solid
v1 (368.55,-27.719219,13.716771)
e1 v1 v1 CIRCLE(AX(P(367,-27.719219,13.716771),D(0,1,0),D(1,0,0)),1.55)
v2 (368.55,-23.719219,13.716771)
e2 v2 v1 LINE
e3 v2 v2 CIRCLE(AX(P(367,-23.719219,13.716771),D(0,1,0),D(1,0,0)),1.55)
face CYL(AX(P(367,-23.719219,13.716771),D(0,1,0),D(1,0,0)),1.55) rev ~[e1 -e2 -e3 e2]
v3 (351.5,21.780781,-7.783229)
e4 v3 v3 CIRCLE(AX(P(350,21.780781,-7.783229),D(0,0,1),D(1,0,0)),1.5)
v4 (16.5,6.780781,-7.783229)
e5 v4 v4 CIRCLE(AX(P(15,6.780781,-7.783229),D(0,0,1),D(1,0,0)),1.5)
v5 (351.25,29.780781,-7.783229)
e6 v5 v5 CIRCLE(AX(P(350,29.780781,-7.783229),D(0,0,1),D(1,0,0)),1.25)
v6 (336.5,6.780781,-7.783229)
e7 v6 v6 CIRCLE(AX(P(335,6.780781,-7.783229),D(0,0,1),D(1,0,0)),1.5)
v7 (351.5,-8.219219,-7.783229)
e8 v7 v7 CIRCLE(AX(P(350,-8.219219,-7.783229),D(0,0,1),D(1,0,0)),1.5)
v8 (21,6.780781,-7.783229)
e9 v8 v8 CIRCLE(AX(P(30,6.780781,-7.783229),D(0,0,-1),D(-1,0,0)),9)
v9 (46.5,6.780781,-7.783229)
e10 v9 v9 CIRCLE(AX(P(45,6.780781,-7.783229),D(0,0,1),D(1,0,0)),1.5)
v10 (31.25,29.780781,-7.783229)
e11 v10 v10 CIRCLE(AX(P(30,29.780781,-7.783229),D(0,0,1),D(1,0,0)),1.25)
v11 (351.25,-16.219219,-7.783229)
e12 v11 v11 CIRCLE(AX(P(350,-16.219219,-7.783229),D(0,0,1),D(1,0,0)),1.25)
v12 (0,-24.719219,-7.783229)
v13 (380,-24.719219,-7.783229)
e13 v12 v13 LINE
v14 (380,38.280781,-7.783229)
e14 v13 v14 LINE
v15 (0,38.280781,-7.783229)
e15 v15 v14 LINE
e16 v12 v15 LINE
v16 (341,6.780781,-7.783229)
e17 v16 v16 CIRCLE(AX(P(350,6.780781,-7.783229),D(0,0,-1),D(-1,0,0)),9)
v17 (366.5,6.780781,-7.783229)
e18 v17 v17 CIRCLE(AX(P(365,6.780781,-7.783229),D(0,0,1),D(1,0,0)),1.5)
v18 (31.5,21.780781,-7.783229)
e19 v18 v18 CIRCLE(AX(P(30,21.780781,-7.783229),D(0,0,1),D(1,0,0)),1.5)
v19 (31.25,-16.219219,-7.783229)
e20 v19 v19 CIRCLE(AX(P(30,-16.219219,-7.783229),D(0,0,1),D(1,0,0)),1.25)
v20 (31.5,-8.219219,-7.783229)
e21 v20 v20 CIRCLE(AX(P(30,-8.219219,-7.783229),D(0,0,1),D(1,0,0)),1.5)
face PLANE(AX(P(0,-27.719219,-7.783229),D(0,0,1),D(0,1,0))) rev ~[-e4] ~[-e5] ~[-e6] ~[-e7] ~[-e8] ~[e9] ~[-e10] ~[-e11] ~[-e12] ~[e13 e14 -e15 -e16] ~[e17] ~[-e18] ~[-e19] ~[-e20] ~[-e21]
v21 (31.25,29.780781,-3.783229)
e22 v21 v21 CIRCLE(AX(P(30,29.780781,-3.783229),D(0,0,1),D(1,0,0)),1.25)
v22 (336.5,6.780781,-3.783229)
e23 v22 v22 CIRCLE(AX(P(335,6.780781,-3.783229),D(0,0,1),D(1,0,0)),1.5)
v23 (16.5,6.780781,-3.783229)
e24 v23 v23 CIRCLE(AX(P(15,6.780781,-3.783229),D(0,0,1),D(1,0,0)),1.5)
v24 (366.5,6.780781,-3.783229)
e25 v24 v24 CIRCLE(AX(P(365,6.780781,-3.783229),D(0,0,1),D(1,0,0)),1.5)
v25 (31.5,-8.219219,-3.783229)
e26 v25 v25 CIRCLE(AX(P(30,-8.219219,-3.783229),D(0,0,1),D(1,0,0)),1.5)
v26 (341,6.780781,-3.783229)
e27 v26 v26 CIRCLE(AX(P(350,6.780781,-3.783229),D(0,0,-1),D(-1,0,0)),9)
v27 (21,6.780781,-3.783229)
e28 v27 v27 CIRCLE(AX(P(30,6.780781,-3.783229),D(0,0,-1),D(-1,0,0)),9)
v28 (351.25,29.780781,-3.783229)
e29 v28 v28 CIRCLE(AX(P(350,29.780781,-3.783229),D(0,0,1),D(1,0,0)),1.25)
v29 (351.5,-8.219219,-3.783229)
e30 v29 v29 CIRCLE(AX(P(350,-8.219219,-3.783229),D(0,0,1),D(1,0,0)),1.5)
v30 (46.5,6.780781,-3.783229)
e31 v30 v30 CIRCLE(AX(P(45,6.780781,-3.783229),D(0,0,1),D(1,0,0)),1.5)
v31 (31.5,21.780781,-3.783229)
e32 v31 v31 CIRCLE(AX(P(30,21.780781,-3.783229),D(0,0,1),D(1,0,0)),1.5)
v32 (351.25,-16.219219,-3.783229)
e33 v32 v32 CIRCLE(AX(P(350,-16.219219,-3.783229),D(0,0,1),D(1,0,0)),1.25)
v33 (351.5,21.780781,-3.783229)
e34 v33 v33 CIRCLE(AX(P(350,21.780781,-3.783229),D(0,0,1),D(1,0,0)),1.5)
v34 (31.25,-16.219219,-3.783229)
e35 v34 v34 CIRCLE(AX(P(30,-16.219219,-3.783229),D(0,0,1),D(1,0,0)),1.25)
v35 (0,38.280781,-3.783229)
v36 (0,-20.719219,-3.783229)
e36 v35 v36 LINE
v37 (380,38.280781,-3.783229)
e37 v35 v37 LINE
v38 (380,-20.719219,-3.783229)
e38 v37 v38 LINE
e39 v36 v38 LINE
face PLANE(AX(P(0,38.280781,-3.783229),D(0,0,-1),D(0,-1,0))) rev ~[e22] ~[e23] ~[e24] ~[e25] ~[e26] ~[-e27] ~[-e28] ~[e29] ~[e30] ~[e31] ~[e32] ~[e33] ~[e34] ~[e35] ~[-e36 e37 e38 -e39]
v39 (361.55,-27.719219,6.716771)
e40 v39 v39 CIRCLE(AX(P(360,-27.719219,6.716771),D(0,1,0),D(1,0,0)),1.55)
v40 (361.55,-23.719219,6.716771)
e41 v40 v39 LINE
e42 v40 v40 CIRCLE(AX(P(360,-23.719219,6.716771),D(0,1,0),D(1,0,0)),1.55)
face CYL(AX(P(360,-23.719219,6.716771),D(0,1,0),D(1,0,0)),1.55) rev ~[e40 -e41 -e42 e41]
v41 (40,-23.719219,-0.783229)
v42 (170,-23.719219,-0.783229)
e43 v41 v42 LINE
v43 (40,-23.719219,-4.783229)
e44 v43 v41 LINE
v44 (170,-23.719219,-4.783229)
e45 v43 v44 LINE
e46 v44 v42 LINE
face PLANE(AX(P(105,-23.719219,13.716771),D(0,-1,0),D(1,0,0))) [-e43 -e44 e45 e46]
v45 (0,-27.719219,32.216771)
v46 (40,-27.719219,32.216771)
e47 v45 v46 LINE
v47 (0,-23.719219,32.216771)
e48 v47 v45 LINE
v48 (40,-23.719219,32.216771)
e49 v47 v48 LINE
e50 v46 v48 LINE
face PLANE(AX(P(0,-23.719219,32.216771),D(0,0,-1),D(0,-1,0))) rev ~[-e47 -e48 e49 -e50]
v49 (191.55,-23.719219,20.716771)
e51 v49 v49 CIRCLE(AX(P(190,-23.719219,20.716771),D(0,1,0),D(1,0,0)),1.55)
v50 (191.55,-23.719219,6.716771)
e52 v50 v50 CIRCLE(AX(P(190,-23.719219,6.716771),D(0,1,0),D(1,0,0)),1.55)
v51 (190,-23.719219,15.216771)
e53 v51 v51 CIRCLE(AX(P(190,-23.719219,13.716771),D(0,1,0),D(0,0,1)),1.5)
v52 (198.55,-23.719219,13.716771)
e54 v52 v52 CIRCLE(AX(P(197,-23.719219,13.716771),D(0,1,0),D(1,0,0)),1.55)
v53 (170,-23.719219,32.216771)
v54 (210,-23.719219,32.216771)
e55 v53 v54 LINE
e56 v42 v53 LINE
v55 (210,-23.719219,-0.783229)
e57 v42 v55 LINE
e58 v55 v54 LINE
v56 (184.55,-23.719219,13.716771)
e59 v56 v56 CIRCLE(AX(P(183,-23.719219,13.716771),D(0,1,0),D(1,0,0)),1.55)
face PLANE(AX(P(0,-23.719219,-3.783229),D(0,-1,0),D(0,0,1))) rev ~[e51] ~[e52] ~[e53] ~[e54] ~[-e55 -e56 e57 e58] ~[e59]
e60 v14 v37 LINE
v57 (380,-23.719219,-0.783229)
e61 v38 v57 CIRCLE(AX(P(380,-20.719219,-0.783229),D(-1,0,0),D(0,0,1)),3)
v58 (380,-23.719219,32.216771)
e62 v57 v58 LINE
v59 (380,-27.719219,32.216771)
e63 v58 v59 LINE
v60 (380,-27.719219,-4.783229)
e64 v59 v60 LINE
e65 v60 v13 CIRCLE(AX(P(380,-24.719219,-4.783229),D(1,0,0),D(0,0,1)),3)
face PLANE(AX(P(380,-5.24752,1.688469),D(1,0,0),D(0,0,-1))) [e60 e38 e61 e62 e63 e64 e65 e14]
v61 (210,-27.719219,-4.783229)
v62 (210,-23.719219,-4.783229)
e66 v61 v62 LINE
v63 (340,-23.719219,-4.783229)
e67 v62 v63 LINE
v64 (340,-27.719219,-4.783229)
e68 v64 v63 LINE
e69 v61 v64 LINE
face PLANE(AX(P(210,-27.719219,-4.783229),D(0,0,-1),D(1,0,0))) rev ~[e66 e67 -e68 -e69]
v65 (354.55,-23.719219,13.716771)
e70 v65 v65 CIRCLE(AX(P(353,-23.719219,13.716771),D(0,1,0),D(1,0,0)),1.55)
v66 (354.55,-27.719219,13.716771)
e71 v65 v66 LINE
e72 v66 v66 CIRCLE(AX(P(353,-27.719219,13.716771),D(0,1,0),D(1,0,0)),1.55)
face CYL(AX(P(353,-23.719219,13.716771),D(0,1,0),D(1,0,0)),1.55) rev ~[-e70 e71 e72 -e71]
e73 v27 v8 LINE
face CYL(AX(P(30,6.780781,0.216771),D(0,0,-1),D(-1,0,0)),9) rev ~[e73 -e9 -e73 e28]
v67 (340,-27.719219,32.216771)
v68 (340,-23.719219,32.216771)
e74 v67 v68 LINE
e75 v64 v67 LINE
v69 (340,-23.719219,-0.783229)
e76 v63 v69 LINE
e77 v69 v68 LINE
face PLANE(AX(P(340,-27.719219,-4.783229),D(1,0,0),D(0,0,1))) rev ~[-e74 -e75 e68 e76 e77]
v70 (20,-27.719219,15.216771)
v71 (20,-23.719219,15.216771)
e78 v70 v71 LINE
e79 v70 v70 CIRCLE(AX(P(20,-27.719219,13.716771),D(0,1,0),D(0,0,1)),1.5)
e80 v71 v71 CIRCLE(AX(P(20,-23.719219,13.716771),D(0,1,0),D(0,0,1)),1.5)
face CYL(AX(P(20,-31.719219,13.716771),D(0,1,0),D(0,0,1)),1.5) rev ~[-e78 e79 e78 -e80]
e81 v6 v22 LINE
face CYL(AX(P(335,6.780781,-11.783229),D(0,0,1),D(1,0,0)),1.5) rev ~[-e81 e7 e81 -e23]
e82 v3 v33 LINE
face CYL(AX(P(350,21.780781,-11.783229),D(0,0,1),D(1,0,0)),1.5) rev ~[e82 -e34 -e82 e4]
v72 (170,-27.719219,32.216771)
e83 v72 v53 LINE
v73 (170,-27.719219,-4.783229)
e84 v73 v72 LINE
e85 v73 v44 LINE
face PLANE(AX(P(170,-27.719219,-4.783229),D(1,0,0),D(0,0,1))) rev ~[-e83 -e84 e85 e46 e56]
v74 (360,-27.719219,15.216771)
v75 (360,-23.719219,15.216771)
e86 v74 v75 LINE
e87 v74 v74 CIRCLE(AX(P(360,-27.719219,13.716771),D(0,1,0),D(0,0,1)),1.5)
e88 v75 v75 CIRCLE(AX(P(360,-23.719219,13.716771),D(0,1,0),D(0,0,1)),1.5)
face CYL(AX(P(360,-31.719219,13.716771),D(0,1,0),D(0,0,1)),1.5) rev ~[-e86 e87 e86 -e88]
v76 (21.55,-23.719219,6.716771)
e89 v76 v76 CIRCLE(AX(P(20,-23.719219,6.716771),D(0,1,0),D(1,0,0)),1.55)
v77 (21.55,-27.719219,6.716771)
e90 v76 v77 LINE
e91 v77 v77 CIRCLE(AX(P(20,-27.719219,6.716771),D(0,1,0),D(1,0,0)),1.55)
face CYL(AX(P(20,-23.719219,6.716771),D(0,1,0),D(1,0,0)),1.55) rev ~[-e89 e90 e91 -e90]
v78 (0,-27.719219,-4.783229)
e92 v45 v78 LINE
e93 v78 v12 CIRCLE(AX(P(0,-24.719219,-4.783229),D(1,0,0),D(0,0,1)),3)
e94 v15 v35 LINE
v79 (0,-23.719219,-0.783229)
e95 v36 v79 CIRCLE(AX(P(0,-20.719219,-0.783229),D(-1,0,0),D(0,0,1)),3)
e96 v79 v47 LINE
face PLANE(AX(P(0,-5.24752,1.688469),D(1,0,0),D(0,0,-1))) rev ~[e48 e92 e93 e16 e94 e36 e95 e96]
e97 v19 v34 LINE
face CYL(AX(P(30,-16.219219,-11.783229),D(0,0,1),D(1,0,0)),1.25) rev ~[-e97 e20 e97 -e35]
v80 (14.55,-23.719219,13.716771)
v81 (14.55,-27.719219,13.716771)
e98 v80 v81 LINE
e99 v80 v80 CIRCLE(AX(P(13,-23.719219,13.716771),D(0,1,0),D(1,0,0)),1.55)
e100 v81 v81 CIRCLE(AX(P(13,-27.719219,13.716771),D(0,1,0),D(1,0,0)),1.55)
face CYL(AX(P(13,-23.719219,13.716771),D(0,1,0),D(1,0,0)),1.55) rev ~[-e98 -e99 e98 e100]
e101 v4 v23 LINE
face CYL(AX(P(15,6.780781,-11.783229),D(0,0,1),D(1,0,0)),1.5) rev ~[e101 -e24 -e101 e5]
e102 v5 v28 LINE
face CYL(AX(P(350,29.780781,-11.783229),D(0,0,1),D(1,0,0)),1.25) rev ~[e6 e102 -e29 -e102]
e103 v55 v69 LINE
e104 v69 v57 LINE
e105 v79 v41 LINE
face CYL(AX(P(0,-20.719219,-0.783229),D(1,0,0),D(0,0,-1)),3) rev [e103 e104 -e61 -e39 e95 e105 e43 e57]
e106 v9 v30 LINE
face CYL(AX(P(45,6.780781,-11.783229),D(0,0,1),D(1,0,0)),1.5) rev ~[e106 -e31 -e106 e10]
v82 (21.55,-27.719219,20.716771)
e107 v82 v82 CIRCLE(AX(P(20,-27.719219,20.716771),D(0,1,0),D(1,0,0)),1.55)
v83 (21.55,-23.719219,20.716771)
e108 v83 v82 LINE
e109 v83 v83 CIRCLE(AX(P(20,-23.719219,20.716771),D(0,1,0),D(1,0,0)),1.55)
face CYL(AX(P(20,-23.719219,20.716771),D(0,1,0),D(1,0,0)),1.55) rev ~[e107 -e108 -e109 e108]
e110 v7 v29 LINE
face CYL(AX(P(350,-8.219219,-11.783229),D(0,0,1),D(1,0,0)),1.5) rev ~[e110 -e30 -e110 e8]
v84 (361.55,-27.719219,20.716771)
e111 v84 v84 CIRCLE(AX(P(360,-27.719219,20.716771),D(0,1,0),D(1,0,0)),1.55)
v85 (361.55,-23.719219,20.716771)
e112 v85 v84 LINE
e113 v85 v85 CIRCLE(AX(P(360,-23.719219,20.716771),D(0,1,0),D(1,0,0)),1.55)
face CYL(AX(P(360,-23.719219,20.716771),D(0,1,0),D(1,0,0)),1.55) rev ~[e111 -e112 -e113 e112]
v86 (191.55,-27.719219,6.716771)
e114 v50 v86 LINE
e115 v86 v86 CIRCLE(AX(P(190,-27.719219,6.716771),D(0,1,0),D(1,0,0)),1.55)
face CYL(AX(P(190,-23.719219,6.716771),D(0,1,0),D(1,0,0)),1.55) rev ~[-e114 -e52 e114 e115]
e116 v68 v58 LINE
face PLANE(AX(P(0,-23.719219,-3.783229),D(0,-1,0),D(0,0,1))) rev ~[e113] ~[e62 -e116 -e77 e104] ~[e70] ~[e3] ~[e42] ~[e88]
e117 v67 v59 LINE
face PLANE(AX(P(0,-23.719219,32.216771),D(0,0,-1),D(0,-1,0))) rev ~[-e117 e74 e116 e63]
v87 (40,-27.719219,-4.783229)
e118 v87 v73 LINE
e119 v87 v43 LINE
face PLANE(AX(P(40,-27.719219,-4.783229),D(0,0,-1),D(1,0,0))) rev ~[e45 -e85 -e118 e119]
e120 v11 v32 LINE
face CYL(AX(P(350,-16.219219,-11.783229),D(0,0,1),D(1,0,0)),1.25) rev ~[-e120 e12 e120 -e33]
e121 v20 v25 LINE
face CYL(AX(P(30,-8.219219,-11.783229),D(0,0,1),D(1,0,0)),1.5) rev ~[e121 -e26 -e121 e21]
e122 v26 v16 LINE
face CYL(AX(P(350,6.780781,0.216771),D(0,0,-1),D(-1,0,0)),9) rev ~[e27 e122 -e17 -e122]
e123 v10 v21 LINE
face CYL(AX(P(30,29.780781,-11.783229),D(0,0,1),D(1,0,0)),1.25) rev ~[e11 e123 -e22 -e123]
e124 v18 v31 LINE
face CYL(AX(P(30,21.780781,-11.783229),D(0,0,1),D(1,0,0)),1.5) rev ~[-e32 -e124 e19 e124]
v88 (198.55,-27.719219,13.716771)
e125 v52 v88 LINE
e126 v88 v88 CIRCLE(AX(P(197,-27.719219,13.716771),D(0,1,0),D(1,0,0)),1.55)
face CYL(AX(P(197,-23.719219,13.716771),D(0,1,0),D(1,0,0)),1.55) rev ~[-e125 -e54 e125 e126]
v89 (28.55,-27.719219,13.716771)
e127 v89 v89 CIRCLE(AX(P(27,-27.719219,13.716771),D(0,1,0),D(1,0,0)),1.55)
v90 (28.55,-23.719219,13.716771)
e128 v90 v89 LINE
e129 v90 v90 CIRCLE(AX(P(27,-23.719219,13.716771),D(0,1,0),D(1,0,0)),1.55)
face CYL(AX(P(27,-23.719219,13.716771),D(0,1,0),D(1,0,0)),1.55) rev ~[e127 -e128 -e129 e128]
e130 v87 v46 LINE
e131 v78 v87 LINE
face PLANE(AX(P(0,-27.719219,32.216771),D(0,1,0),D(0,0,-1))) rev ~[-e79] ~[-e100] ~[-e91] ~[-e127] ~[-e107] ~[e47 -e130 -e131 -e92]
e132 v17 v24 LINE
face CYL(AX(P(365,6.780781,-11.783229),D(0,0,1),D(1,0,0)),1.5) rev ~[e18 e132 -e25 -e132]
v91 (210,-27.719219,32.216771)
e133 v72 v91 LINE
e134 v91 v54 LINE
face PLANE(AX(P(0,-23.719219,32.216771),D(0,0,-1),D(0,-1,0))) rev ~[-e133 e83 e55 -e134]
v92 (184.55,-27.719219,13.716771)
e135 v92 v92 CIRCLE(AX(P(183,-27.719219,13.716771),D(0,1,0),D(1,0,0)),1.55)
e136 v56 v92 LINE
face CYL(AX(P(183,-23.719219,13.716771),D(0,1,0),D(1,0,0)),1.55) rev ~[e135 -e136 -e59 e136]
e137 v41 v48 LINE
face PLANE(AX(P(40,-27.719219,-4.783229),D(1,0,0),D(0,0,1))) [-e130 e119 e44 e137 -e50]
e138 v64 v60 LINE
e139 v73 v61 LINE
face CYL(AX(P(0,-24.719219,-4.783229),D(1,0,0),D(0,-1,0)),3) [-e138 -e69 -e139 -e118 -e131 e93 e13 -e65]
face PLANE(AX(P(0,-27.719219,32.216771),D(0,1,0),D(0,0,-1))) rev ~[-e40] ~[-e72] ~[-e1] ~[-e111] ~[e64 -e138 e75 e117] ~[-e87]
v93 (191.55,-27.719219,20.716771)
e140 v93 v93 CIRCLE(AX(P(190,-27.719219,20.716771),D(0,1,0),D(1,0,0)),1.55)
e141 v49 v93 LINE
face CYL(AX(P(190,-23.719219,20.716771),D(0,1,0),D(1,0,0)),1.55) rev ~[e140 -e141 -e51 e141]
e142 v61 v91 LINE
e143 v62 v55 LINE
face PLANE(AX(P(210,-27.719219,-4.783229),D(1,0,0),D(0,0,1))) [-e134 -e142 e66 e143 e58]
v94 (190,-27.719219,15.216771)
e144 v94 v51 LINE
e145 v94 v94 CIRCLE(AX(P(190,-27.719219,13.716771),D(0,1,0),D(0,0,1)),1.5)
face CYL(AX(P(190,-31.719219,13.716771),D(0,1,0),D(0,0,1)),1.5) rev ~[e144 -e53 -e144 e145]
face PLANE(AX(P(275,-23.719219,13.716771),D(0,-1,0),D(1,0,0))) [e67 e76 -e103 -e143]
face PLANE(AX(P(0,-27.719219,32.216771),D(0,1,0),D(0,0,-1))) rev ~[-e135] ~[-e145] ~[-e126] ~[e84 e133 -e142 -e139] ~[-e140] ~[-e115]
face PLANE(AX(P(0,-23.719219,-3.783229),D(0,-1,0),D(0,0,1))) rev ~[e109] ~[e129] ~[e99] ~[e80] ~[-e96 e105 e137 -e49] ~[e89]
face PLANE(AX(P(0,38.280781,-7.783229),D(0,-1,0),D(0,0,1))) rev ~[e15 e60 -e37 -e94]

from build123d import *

# Parameters (mm, degrees)
BOSS_EXTRUDE1_DEPTH = 380
FILLET4_R           = 3
HOLE2_D             = 18
HOLE2_DEPTH         = 4
SKETCH18_W          = 130
SKETCH18_H          = 37
CUT_EXTRUDE1_DEPTH  = 4
HOLE5_D             = 3
HOLE5_DEPTH         = 4
HOLE6_D             = 3
HOLE6_DEPTH         = 4
HOLE7_D             = 2.5
HOLE7_DEPTH         = 4
SKETCH27_R          = 1.55
CUT_EXTRUDE3_DEPTH  = 4


with BuildPart() as part:
    # Sketch1 → Boss-Extrude1 (new body)
    with BuildSketch(Plane(origin=(0, 0, 0), x_dir=(0, 0, -1), z_dir=(1, 0, 0))):
        Polygon((-32.21677116, -27.719218501), (7.78322884, -27.719218501), (7.78322884, 38.280781499), (3.78322884, 38.280781499), (3.78322884, -23.719218501), (-32.21677116, -23.719218501), align=None)
    extrude(amount=BOSS_EXTRUDE1_DEPTH)

    # Fillet4
    fillet4_edges = [part.edges().sort_by_distance(p)[0] for p in [
        (190, -23.719218501, -3.78322884),
        (190, -27.719218501, -7.78322884),
    ]]
    fillet(fillet4_edges, radius=FILLET4_R)

    # Hole2
    with Locations(Plane.XY.offset(-3.78322884)):
        with Locations((30, 6.780781499), (350, 6.780781499)):
            Hole(HOLE2_D / 2, depth=HOLE2_DEPTH)

    # Sketch18 → Cut-Extrude1 (cut)
    with BuildSketch(Plane.XZ.offset(27.719218501)):
        with Locations((105, 13.71677116)):
            Rectangle(SKETCH18_W, SKETCH18_H)
        with Locations((275, 13.71677116)):
            Rectangle(SKETCH18_W, SKETCH18_H)
    extrude(amount=-CUT_EXTRUDE1_DEPTH, mode=Mode.SUBTRACT)

    # Hole5
    with Locations(Plane(origin=(360, -27.719218501, 13.71677116), x_dir=(0, 0, -1), z_dir=(0, -1, 0))):
        with Locations((0, 0), (0, -170), (0, -340)):
            Hole(HOLE5_D / 2, depth=HOLE5_DEPTH)

    # Hole6
    with Locations(Plane(origin=(30, 21.780781499, -7.78322884), x_dir=(-1, 0, 0), z_dir=(0, 0, -1))):
        with Locations((0, 0), (15, -15), (0, -30), (-320, -30), (-335, -15), (-320, 0), (-305, -15), (-15, -15)):
            Hole(HOLE6_D / 2, depth=HOLE6_DEPTH)

    # Hole7
    with Locations(Plane(origin=(30, 29.780781499, -7.78322884), x_dir=(-1, 0, 0), z_dir=(0, 0, -1))):
        with Locations((0, 0), (0, -46), (-320, 0), (-320, -46)):
            Hole(HOLE7_D / 2, depth=HOLE7_DEPTH)

    # Sketch27 → Cut-Extrude3 (cut)
    with BuildSketch(Plane(origin=(0, -23.719218501, 0), x_dir=(1, 0, 0), z_dir=(0, 1, 0))):
        with Locations((20, -20.71677116)):
            Circle(SKETCH27_R)
        with Locations((13, -13.71677116)):
            Circle(SKETCH27_R)
        with Locations((20, -6.71677116)):
            Circle(SKETCH27_R)
        with Locations((27, -13.71677116)):
            Circle(SKETCH27_R)
        with Locations((360, -20.71677116)):
            Circle(SKETCH27_R)
        with Locations((353, -13.71677116)):
            Circle(SKETCH27_R)
        with Locations((360, -6.71677116)):
            Circle(SKETCH27_R)
        with Locations((367, -13.71677116)):
            Circle(SKETCH27_R)
        with Locations((190, -20.71677116)):
            Circle(SKETCH27_R)
        with Locations((183, -13.71677116)):
            Circle(SKETCH27_R)
        with Locations((190, -6.71677116)):
            Circle(SKETCH27_R)
        with Locations((197, -13.71677116)):
            Circle(SKETCH27_R)
    extrude(amount=-CUT_EXTRUDE3_DEPTH, mode=Mode.SUBTRACT)


solid = part.part
